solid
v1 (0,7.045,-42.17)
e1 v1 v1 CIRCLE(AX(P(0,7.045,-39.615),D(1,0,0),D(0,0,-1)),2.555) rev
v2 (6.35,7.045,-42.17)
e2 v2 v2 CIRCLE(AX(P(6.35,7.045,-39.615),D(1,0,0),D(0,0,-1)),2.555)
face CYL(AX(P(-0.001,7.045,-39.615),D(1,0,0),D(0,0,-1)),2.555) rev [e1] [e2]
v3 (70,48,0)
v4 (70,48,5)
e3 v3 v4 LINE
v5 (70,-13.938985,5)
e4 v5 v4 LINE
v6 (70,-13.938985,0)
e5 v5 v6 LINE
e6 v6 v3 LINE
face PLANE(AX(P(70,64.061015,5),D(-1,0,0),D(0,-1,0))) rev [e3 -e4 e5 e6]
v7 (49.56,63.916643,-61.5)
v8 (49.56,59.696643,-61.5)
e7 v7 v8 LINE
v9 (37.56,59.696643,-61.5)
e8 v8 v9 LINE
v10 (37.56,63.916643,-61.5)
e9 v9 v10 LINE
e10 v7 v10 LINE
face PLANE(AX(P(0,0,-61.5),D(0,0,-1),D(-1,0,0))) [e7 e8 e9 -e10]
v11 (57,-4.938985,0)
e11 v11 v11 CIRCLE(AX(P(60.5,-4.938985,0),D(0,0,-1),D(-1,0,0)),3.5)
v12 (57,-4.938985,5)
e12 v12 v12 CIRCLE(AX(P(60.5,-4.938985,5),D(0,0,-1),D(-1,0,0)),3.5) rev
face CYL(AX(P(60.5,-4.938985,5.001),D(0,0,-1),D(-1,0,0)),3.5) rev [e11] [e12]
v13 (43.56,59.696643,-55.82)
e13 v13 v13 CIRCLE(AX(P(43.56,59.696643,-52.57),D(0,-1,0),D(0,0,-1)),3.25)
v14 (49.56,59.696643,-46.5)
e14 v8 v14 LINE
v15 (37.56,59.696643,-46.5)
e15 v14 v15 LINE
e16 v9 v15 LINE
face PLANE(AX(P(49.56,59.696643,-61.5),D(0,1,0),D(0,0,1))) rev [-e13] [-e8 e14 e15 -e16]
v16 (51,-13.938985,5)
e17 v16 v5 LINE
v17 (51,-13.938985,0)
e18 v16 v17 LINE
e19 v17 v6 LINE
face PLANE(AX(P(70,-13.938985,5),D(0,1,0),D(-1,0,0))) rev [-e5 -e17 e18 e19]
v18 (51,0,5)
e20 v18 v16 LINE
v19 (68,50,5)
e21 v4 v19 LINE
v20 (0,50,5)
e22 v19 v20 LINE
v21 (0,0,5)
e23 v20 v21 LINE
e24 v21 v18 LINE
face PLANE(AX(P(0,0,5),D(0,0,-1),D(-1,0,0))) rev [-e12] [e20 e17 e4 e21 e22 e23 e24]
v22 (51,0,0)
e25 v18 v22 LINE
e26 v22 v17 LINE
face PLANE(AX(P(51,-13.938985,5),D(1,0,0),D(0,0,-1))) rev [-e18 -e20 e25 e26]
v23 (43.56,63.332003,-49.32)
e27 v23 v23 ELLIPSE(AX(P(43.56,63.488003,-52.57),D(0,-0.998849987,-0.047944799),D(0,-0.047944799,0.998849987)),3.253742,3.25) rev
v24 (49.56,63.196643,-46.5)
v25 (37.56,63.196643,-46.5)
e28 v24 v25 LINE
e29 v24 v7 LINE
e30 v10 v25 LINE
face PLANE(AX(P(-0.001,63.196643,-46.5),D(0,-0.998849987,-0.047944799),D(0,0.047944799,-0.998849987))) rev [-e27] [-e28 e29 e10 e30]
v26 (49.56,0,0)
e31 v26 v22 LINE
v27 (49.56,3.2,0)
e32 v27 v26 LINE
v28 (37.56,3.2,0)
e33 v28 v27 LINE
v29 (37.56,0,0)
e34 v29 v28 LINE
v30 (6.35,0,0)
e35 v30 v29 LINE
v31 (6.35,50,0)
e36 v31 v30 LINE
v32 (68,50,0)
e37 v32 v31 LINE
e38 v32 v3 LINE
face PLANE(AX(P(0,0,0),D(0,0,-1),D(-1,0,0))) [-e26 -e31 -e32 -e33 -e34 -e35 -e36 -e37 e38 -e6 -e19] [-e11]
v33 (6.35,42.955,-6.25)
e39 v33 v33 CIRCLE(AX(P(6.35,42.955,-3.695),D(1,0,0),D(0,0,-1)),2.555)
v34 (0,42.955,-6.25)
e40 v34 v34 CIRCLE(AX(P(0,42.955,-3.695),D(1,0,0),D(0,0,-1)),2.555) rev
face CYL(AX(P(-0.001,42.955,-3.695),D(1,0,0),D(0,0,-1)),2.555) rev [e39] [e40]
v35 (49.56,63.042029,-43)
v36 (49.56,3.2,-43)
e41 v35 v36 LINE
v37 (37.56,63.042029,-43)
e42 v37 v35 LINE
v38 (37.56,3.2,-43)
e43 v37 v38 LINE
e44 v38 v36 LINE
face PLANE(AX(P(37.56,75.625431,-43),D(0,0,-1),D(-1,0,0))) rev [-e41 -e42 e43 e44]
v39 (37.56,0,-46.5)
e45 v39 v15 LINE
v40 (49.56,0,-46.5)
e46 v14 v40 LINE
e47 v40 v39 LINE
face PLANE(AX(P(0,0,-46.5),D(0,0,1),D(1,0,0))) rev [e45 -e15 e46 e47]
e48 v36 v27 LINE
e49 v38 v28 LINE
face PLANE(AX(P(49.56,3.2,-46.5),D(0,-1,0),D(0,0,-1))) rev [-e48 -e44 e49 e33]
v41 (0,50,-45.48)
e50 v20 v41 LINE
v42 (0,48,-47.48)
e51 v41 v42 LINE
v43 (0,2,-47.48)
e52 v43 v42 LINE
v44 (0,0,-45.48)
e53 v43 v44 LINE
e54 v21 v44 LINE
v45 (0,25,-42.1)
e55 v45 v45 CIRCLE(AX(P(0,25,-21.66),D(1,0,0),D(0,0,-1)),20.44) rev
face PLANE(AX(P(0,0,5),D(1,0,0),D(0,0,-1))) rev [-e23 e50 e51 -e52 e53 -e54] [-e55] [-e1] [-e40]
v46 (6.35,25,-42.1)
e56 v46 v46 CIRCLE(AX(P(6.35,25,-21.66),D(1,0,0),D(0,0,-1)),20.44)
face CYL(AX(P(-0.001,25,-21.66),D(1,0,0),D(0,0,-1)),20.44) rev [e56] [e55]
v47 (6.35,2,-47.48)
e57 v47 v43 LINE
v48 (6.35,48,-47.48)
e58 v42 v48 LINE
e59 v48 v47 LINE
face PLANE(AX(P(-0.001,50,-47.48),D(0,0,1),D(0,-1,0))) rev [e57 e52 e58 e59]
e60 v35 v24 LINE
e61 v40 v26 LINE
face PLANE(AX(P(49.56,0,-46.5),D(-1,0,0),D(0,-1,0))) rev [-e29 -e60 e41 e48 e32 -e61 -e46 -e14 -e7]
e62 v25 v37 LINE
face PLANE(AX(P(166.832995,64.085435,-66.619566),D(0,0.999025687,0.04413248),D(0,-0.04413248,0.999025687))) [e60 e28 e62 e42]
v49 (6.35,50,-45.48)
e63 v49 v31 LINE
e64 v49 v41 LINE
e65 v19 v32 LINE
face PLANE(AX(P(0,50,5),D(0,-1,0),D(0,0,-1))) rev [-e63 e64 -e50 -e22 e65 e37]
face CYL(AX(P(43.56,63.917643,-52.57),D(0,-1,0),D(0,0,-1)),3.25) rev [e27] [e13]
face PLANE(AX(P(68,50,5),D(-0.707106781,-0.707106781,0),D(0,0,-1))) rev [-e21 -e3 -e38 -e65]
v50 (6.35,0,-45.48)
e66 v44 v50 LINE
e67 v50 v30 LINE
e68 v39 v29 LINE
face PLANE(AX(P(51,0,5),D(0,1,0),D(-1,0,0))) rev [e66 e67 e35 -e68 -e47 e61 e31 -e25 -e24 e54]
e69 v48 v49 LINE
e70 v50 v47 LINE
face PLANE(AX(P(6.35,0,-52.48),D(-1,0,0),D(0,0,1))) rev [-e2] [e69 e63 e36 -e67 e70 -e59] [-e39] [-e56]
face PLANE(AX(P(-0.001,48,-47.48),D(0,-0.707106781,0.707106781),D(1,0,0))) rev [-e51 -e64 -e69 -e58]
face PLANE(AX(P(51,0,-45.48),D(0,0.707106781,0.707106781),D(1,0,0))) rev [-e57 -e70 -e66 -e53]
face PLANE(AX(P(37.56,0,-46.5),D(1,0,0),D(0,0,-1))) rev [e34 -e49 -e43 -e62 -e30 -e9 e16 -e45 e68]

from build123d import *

# Parameters (mm, degrees)
BOSS_EXTRUDE1_DEPTH  = 5
SKETCH2_W            = 6.35
SKETCH2_H            = 50
BOSS_EXTRUDE2_DEPTH  = 52.48
CUT_EXTRUDE1_REACH   = 106.448
SKETCH3_R            = 20.44
SKETCH3_R_2          = 2.555
SKETCH3_W            = 5
SKETCH3_H            = 50
CUT_EXTRUDE2_REACH   = 108.104
SKETCH4_R            = 3.5
CUT_EXTRUDE6_REACH   = 108.104
SKETCH14_W           = 23.196263878
SKETCH14_H           = 15.316152196
SKETCH15_W           = 12
SKETCH15_H           = 3.2
BOSS_EXTRUDE7_DEPTH  = 46.5
BOSS_EXTRUDE8_REACH  = 98.667
SKETCH16_W           = 12
SKETCH16_H           = 3.5
SKETCH17_W           = 12
SKETCH17_H           = 3.5
BOSS_EXTRUDE9_DEPTH  = 15
CHAMFER2_SIZE        = 2
SKETCH22_W           = 12
SKETCH22_H           = 15
BOSS_EXTRUDE10_DEPTH = 0.72
CUT_EXTRUDE8_REACH   = 103.606
CUT_EXTRUDE7_REACH   = 120.762
SKETCH18_R           = 3.25


with BuildPart() as part:
    # Sketch1 → Boss-Extrude1 (new body)
    with BuildSketch(Plane.XY):
        Polygon((0, 0), (0, 50), (51, 50), (51, 64.061014889), (70, 64.061014889), (70, -13.938985111), (51, -13.938985111), (51, 0), align=None)
    extrude(amount=BOSS_EXTRUDE1_DEPTH)

    # Sketch2 → Boss-Extrude2 (add)
    with BuildSketch(Plane(origin=(0, 0, 0), x_dir=(-1, 0, 0), z_dir=(0, 0, -1))):
        with Locations((-3.175, 25)):
            Rectangle(SKETCH2_W, SKETCH2_H)
    extrude(amount=BOSS_EXTRUDE2_DEPTH)

    # Sketch3 → Cut-Extrude1 (cut, up to next)
    with BuildSketch(Plane(origin=(6.35, 0, 0), x_dir=(0, 0, -1), z_dir=(1, 0, 0)), mode=Mode.PRIVATE) as cut_extrude1_sk1:
        with Locations((21.66, 25)):
            Circle(SKETCH3_R)
    cut_extrude1_tool1 = extrude(cut_extrude1_sk1.sketch, amount=-CUT_EXTRUDE1_REACH, mode=Mode.PRIVATE) & part.part
    # Sketch3 → Cut-Extrude1 (cut, up to next)
    with BuildSketch(Plane(origin=(6.35, 0, 0), x_dir=(0, 0, -1), z_dir=(1, 0, 0)), mode=Mode.PRIVATE) as cut_extrude1_sk2:
        with Locations((3.695, 42.955)):
            Circle(SKETCH3_R_2)
    cut_extrude1_tool2 = extrude(cut_extrude1_sk2.sketch, amount=-CUT_EXTRUDE1_REACH, mode=Mode.PRIVATE) & part.part
    # Sketch3 → Cut-Extrude1 (cut, up to next)
    with BuildSketch(Plane(origin=(6.35, 0, 0), x_dir=(0, 0, -1), z_dir=(1, 0, 0)), mode=Mode.PRIVATE) as cut_extrude1_sk3:
        with Locations((39.615, 7.045)):
            Circle(SKETCH3_R_2)
    cut_extrude1_tool3 = extrude(cut_extrude1_sk3.sketch, amount=-CUT_EXTRUDE1_REACH, mode=Mode.PRIVATE) & part.part
    # Sketch3 → Cut-Extrude1 (cut, up to next)
    with BuildSketch(Plane(origin=(6.35, 0, 0), x_dir=(0, 0, -1), z_dir=(1, 0, 0)), mode=Mode.PRIVATE) as cut_extrude1_sk4:
        with Locations((49.98, 25)):
            Rectangle(SKETCH3_W, SKETCH3_H)
    cut_extrude1_tool4 = extrude(cut_extrude1_sk4.sketch, amount=-CUT_EXTRUDE1_REACH, mode=Mode.PRIVATE) & part.part
    add(cut_extrude1_tool1.solids().sort_by_distance((6.35, 25, -21.66))[0], mode=Mode.SUBTRACT)
    add(cut_extrude1_tool2.solids().sort_by_distance((6.35, 42.955, -3.695))[0], mode=Mode.SUBTRACT)
    add(cut_extrude1_tool3.solids().sort_by_distance((6.35, 7.045, -39.615))[0], mode=Mode.SUBTRACT)
    add(cut_extrude1_tool4.solids().sort_by_distance((6.35, 25, -49.98))[0], mode=Mode.SUBTRACT)

    # Sketch4 → Cut-Extrude2 (cut, up to next)
    with BuildSketch(Plane(origin=(0, 0, 0), x_dir=(-1, 0, 0), z_dir=(0, 0, -1)), mode=Mode.PRIVATE) as cut_extrude2_sk1:
        with Locations((-60.5, 55.061014889)):
            Circle(SKETCH4_R)
    cut_extrude2_tool1 = extrude(cut_extrude2_sk1.sketch, amount=-CUT_EXTRUDE2_REACH, mode=Mode.PRIVATE) & part.part
    # Sketch4 → Cut-Extrude2 (cut, up to next)
    with BuildSketch(Plane(origin=(0, 0, 0), x_dir=(-1, 0, 0), z_dir=(0, 0, -1)), mode=Mode.PRIVATE) as cut_extrude2_sk2:
        with Locations((-60.5, -4.938985111)):
            Circle(SKETCH4_R)
    cut_extrude2_tool2 = extrude(cut_extrude2_sk2.sketch, amount=-CUT_EXTRUDE2_REACH, mode=Mode.PRIVATE) & part.part
    add(cut_extrude2_tool1.solids().sort_by_distance((60.5, 55.061015, 0))[0], mode=Mode.SUBTRACT)
    add(cut_extrude2_tool2.solids().sort_by_distance((60.5, -4.938985, 0))[0], mode=Mode.SUBTRACT)

    # Sketch14 → Cut-Extrude6 (cut, up to next)
    with BuildSketch(Plane(origin=(0, 0, 0), x_dir=(-1, 0, 0), z_dir=(0, 0, -1)), mode=Mode.PRIVATE) as cut_extrude6_sk1:
        with Locations((-62.598131939, 57.658076098)):
            Rectangle(SKETCH14_W, SKETCH14_H)
    cut_extrude6_tool1 = extrude(cut_extrude6_sk1.sketch, amount=-CUT_EXTRUDE6_REACH, mode=Mode.PRIVATE) & part.part
    add(cut_extrude6_tool1.solids().sort_by_distance((62.598132, 57.658076, 0))[0], mode=Mode.SUBTRACT)

    # Sketch15 → Boss-Extrude7 (add)
    with BuildSketch(Plane(origin=(0, 0, 0), x_dir=(-1, 0, 0), z_dir=(0, 0, -1))):
        with Locations((-43.56, 1.6)):
            Rectangle(SKETCH15_W, SKETCH15_H)
    extrude(amount=BOSS_EXTRUDE7_DEPTH)

    # Boss-Extrude8: up to this plane
    boss_extrude8_end = Plane(origin=(166.832994776, 64.085435133, -66.619565524), z_dir=(-1.1416993347548052e-15, 0.9990256874715413, 0.04413247978546202))
    # Sketch16 → Boss-Extrude8 (add, up to the surface)
    with BuildSketch(Plane(origin=(0, 3.2, 0), x_dir=(1, 0, 0), z_dir=(0, 1, 0)), mode=Mode.PRIVATE) as boss_extrude8_sk1:
        with Locations((43.56, 44.75)):
            Rectangle(SKETCH16_W, SKETCH16_H)
    boss_extrude8_tool1 = split(extrude(boss_extrude8_sk1.sketch, amount=BOSS_EXTRUDE8_REACH, mode=Mode.PRIVATE), bisect_by=boss_extrude8_end, keep=Keep.BOTH, mode=Mode.PRIVATE)
    add(boss_extrude8_tool1.solids().sort_by_distance((43.56, 3.2, -44.75))[0])

    # Sketch17 → Boss-Extrude9 (add)
    with BuildSketch(Plane(origin=(0, 0, -46.5), x_dir=(-1, 0, 0), z_dir=(0, 0, -1))):
        with Locations((-43.56, 61.446642853)):
            Rectangle(SKETCH17_W, SKETCH17_H)
    extrude(amount=BOSS_EXTRUDE9_DEPTH)

    # Chamfer2
    chamfer2_edges = [part.edges().sort_by_distance(p)[0] for p in [
        (3.175, 0, -47.48),
        (3.175, 50, -47.48),
        (70, 50, 2.5),
    ]]
    chamfer(chamfer2_edges, length=CHAMFER2_SIZE)

    # Sketch22 → Boss-Extrude10 (add)
    with BuildSketch(Plane(origin=(0, 63.196642853, 0), x_dir=(1, 0, 0), z_dir=(0, 1, 0))):
        with Locations((43.56, 54)):
            Rectangle(SKETCH22_W, SKETCH22_H)
    extrude(amount=BOSS_EXTRUDE10_DEPTH)

    # Sketch23 → Cut-Extrude8 (cut, up to next)
    with BuildSketch(Plane(origin=(49.56, 0, 0), x_dir=(0, 0, -1), z_dir=(1, 0, 0)), mode=Mode.PRIVATE) as cut_extrude8_sk1:
        Polygon((46.5, 63.916642853), (46.5, 63.196642853), (61.5, 63.916642853), align=None)
    cut_extrude8_tool1 = extrude(cut_extrude8_sk1.sketch, amount=-CUT_EXTRUDE8_REACH, mode=Mode.PRIVATE) & part.part
    add(cut_extrude8_tool1.solids().sort_by_distance((49.56, 63.676643, -51.5))[0], mode=Mode.SUBTRACT)

    # Cut-Extrude7: up to this plane
    cut_extrude7_end = Plane(origin=(-0.001, 63.196642853, -46.5), z_dir=(-2.1659106514416256e-15, -0.9988499868416298, -0.04794479936839813))
    # Sketch18 → Cut-Extrude7 (cut, up to the surface)
    with BuildSketch(Plane.XZ.offset(-59.696642853), mode=Mode.PRIVATE) as cut_extrude7_sk1:
        with Locations(Location((43.56, -52.57, 0), (0, 0, 270))):
            Circle(SKETCH18_R)
    cut_extrude7_tool1 = split(extrude(cut_extrude7_sk1.sketch, amount=-CUT_EXTRUDE7_REACH, mode=Mode.PRIVATE), bisect_by=cut_extrude7_end, keep=Keep.BOTH, mode=Mode.PRIVATE)
    add(cut_extrude7_tool1.solids().sort_by_distance((43.56, 59.696643, -52.57))[0], mode=Mode.SUBTRACT)


solid = part.part
